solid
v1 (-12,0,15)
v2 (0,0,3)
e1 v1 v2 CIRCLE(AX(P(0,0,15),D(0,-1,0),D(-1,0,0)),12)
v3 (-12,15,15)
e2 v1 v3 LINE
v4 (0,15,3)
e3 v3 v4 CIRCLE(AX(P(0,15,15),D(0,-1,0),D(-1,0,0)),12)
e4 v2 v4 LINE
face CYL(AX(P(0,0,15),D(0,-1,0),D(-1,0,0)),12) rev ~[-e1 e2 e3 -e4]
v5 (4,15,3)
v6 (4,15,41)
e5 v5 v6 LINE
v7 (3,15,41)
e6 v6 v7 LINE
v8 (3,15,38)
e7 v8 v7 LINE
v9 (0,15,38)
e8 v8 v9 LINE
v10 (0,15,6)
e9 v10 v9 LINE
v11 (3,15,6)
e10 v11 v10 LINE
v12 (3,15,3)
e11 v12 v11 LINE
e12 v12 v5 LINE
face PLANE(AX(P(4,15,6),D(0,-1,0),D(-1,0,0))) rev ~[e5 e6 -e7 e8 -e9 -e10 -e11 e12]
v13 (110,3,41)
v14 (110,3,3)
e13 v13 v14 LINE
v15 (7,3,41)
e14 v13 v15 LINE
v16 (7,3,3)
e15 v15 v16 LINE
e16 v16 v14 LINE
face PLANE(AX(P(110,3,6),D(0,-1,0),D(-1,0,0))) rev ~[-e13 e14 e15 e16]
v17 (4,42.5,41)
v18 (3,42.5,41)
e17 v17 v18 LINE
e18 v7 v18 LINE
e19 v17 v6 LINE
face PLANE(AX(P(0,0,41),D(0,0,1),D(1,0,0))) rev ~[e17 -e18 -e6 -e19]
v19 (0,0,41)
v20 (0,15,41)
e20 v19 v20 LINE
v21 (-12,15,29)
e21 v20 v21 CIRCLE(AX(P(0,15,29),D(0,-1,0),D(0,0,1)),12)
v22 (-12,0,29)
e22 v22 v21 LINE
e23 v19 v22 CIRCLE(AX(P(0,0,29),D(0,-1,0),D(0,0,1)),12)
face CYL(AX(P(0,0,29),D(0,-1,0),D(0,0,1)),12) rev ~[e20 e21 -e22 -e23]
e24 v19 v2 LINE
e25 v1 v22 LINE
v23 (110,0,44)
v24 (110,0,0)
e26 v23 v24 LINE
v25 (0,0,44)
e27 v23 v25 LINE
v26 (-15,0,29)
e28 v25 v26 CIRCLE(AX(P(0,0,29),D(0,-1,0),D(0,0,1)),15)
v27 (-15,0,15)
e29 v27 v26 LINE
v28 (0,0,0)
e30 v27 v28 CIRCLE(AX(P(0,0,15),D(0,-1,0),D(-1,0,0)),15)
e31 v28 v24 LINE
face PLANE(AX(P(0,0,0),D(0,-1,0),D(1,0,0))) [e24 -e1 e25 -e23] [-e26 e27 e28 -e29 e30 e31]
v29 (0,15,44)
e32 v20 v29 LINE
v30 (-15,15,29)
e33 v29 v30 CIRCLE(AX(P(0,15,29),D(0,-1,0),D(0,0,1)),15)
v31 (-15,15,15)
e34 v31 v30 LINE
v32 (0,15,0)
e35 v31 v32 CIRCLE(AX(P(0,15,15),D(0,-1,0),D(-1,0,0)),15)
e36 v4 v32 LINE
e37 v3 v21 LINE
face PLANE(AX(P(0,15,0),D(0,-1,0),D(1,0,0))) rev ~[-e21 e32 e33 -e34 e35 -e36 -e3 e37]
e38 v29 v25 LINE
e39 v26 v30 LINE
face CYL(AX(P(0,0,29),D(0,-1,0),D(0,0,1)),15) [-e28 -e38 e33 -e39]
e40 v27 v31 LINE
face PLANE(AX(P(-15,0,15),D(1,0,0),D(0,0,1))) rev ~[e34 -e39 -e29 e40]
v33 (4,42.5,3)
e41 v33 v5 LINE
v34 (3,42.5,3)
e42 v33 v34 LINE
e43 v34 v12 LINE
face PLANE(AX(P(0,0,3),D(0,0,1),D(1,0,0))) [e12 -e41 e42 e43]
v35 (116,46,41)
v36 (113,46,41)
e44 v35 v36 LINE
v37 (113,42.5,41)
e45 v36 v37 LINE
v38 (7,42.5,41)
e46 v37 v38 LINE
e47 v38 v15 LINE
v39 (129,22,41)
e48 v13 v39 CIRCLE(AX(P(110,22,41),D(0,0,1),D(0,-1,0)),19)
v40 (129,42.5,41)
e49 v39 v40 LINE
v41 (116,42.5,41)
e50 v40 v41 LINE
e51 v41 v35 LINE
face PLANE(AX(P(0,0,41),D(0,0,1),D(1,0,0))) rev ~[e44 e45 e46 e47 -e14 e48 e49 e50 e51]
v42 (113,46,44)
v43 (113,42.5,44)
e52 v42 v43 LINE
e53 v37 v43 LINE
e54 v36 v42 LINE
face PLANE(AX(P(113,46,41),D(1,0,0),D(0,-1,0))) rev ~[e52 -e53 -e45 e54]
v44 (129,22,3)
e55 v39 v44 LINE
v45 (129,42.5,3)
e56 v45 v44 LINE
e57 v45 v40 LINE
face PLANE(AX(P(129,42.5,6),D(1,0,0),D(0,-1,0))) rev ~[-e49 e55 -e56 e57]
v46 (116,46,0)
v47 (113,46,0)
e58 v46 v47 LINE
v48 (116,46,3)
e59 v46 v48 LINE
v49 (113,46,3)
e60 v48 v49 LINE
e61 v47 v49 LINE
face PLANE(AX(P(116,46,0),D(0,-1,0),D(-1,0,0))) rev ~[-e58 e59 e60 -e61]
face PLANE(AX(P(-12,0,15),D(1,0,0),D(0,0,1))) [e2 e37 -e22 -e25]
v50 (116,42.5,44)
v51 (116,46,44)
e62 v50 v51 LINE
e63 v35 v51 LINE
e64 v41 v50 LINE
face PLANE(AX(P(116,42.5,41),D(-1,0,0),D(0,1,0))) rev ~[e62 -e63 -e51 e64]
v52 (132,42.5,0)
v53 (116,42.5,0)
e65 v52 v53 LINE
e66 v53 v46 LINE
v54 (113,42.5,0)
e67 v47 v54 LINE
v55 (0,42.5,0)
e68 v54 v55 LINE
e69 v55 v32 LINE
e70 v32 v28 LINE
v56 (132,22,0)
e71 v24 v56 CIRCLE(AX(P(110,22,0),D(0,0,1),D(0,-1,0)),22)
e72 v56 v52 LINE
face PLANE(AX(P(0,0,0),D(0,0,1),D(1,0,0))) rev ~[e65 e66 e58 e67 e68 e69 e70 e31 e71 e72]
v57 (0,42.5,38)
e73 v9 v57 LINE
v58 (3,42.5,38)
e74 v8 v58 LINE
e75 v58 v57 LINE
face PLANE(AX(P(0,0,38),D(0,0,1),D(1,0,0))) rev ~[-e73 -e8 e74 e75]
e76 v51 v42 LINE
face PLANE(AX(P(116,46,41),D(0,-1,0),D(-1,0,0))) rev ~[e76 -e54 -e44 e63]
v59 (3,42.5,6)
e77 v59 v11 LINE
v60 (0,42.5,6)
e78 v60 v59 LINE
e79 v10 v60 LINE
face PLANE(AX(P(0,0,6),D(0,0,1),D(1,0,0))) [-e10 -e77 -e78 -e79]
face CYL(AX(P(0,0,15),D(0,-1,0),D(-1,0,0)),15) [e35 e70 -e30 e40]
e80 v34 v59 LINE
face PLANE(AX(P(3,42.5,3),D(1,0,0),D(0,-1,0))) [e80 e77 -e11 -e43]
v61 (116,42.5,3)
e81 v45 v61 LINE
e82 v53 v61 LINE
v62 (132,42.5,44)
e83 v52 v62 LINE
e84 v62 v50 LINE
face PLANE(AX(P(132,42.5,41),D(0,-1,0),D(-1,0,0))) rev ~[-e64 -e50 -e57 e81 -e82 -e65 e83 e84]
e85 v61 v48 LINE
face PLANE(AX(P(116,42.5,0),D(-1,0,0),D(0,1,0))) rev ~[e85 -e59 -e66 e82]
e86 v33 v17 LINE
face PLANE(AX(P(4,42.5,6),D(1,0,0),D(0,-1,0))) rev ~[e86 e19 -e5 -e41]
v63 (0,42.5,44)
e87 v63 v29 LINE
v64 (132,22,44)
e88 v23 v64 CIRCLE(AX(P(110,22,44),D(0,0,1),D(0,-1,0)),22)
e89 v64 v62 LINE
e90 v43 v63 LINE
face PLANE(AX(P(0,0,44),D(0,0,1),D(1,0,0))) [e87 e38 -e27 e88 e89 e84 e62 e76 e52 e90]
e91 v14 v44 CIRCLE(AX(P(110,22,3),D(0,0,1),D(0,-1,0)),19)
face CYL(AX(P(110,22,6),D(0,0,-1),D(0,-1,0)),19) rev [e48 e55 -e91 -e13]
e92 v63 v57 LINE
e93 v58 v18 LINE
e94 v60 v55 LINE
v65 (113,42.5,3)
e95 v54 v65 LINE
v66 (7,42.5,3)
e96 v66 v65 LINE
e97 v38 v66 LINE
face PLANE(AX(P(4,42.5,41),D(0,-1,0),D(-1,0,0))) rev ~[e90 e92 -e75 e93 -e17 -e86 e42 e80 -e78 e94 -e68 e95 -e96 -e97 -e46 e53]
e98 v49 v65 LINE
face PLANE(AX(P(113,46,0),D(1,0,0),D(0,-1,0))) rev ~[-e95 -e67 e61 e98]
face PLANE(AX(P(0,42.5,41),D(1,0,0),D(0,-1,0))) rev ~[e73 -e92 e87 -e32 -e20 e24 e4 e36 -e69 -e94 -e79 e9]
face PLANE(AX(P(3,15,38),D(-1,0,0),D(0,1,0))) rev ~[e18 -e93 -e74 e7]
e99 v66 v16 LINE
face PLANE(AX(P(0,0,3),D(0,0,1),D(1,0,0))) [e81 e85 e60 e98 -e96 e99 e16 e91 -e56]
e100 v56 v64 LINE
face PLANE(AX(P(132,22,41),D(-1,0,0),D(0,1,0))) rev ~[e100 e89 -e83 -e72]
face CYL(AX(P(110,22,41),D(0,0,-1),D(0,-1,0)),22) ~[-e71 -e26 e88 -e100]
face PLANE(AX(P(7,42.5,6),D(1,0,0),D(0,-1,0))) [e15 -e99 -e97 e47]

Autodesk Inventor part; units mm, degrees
ref_plane "YZ Plane" through (0, 0, 0) normal (1, 0, 0) x (0, 1, 0)
ref_plane "XZ Plane" through (0, 0, 0) normal (0, 1, 0) x (-1, 0, 0)
ref_plane "XY Plane" through (0, 0, 0) normal (0, 0, 1) x (1, 0, 0)
sketch "Sketch1" plane through (0, 0, 0) normal (0, 0, 1) x (1, 0, 0)
  line L0 (0, 0) -> (110, 0)
  line L1 (0, 42.5) -> (0, 0)
  line L2 (132, 42.5) -> (116, 42.5)
  line L3 (116, 42.5) -> (116, 46)
  line L4 (116, 46) -> (113, 46)
  line L5 (113, 46) -> (113, 42.5)
  line L6 (113, 42.5) -> (110, 42.5)
  arc A0 (110, 0) -> (132, 22) centre (110, 22) ccw
  line L7 (110, 22) -> (110, 0) construction
  line L8 (132, 22) -> (132, 42.5)
  line L9 (132, 42.5) -> (116, 42.5)
  line L10 (113, 42.5) -> (0, 42.5)
  dimension "d2" = 16
  dimension "d3" = 3.5
  dimension "thickness" = 3
  dimension "d5" = 3
  dimension "d14" = 110
  dimension "d15" = 22
  dimension "d16" = 22
  dimension "height" = 20.5
  dimension "d18" = 110
  dimension "d19" = 90
  dimension "d20" = 3
extrude "Extrusion1" add sketch "Sketch1" along normal blind 3
sketch "Sketch2" plane through (0, 0, 3) normal (0, 0, 1) x (1, 0, 0)
  line L0 (0, 42.5) -> (3, 42.5)
  line L1 (113, 42.5) -> (0, 42.5) projected
  line L2 (3, 42.5) -> (3, 15)
  line L3 (0, 0) -> (110, 0) projected
  line L4 (4, 42.5) -> (4, 15)
  line L5 (4, 42.5) -> (7, 42.5)
  line L6 (7, 42.5) -> (7, 3)
  line L7 (0, 42.5) -> (0, 0) projected
  line L8 (0, 0) -> (0, 15)
  line L9 (3, 15) -> (4, 15)
  line L10 (0, 42.5) -> (0, 15)
  line L11 (132, 42.5) -> (129, 42.5)
  line L12 (132, 42.5) -> (116, 42.5) projected
  line L13 (129, 42.5) -> (129, 22)
  arc A0 (110, 0) -> (132, 22) centre (110, 22) ccw projected
  line L14 (132, 22) -> (132, 42.5) projected
  line L15 (132, 22) -> (132, 42.5)
  line L16 (7, 0) -> (110, 0)
  line L17 (7, 3) -> (110, 3)
  line L18 (129, 22) -> (129, 22)
  arc A1 (110, 3) -> (129, 22) centre (110, 22) ccw
  arc A2 (110, 0) -> (132, 22) centre (110, 22) ccw
  line L19 (0, 0) -> (7, 0)
  dimension "d27" = 27.5
  dimension "d28" = 3
  dimension "d29" = 3
  dimension "d35" = 3
  dimension "d36" = 3
  dimension "d37" = 3
  dimension "d38" = 20.5
  dimension "d39" = 103
  dimension "d40" = 103
  dimension "d41" = 1
  dimension "d42" = 27.5
  dimension "d43" = 1
extrude "Extrusion2" add sketch "Sketch2" along normal blind 3 contours L0 L2 L9 L4 L1 L6 L17 A1 L13 L11 L14 A0 L3 L7
sketch "Sketch3" plane through (0, 0, 6) normal (0, 0, 1) x (1, 0, 0)
  line L0 (113, 42.5) -> (7, 42.5) projected
  line L1 (4, 42.5) -> (4, 15) projected
  line L2 (7, 42.5) -> (4, 42.5)
  line L3 (4, 42.5) -> (4, 15)
  line L4 (3, 42.5) -> (3, 15) projected
  line L5 (4, 15) -> (3, 15)
  line L6 (3, 15) -> (0, 15)
  line L7 (0, 42.5) -> (0, 0) projected
  line L8 (0, 15) -> (0, 0)
  line L9 (0, 0) -> (7, 0)
  line L10 (0, 0) -> (110, 0) projected
  arc A0 (110, 0) -> (132, 22) centre (110, 22) ccw projected
  line L11 (132, 22) -> (132, 42.5) projected
  line L12 (132, 22) -> (132, 42.5)
  line L13 (132, 42.5) -> (128.8778, 42.5)
  line L14 (132, 42.5) -> (116, 42.5) projected
  line L15 (7, 42.5) -> (7, 3) projected
  line L16 (7, 42.5) -> (7, 3)
  line L17 (110, 3) -> (7, 3) projected
  line L18 (7, 3) -> (110, 3)
  line L19 (129, 42.5) -> (129, 22) projected
  line L20 (129, 42.5) -> (129, 22)
  arc A1 (110, 3) -> (129, 22) centre (110, 22) ccw
  arc A2 (110, 0) -> (132, 22) centre (110, 22) ccw
  line L21 (7, 0) -> (110, 0)
extrude "Extrusion3" add sketch "Sketch3" along normal blind 32
sketch "Sketch5" plane through (0, 0, 38) normal (0, 0, 1) x (1, 0, 0)
  arc A0 (110, 3) -> (129, 22) centre (110, 22) ccw projected
  arc A1 (110, 3) -> (129, 22) centre (110, 22) ccw
  arc A2 (110, 0) -> (132, 22) centre (110, 22) ccw
  line L0 (132, 22) -> (132, 42.5) projected
  line L1 (132, 22) -> (132, 42.5)
  line L2 (132, 42.5) -> (129, 42.5)
  line L3 (129, 22) -> (129, 42.5) projected
  line L4 (129, 42.5) -> (129, 22)
  line L5 (7, 42.5) -> (7, 3) projected
  line L6 (110, 3) -> (7, 3)
  line L7 (7, 3) -> (7, 42.5)
  line L8 (7, 42.5) -> (4, 42.5)
  line L9 (4, 15) -> (0, 15) projected
  line L10 (4, 42.5) -> (4, 15)
  line L11 (3, 15) -> (3, 42.5) projected
  line L12 (4, 15) -> (3, 15)
  line L13 (3, 15) -> (3, 42.5)
  line L14 (113, 42.5) -> (0, 42.5) projected
  line L15 (3, 42.5) -> (0, 42.5)
  line L16 (0, 15) -> (0, 0) projected
  line L17 (0, 42.5) -> (0, 15)
  line L18 (0, 0) -> (110, 0) projected
  line L19 (0, 15) -> (0, 0)
  line L20 (0, 0) -> (110, 0)
  line L21 (3, 42.5) -> (0, 42.5)
  line L22 (0, 42.5) -> (0, 15)
  line L23 (3, 15) -> (3, 42.5)
  line L24 (3, 15) -> (0, 15)
  dimension "d52" = 3
extrude "Extrusion4" add sketch "Sketch5" along normal blind 3 contours A0 L3 L2 L0 A2 L18 L16 L9 L10 L8 L5 L6 | L11 L9 L17 L14
sketch "Sketch6" plane through (0, 0, 41) normal (0, 0, 1) x (1, 0, 0)
  line L0 (132, 22) -> (132, 42.5) projected
  line L1 (129, 22) -> (129, 42.5) projected
  line L2 (132, 42.5) -> (129, 42.5)
  line L3 (132, 22) -> (132, 42.5)
  line L4 (7, 42.5) -> (7, 3) projected
  line L5 (0, 42.5) -> (0, 0) projected
  line L6 (7, 42.5) -> (0, 42.5)
  line L7 (0, 42.5) -> (0, 0)
  line L8 (0, 0) -> (7, 0)
  arc A0 (110, 0) -> (132, 22) centre (110, 22) ccw projected
  line L9 (110, 0) -> (7, 0)
  line L10 (0, 0) -> (110, 0) projected
  arc A1 (110, 0) -> (132, 22) centre (110, 22) ccw
  line L11 (7, 42.5) -> (4, 42.5) projected
  line L12 (132, 42.5) -> (116, 42.5) projected
  line L13 (116, 42.5) -> (116, 46) projected
  line L14 (116, 42.5) -> (116, 46)
  line L15 (116, 46) -> (113, 46) projected
  line L16 (116, 46) -> (113, 46)
  line L17 (113, 46) -> (113, 42.5) projected
  line L18 (113, 46) -> (113, 42.5)
  line L19 (129, 42.5) -> (116, 42.5)
  line L20 (113, 42.5) -> (7, 42.5)
  dimension "d55" = 125
  dimension "d56" = 125
  dimension "d57" = 22
  dimension "d58" = 90
  dimension "d59" = 90
  dimension "d60" = 20.5
  dimension "d61" = 3
extrude "Extrusion5" add sketch "Sketch6" along normal blind 3
sketch "Sketch7" plane through (0, 0, 0) normal (0, -1, 0) x (1, 0, 0)
  line L0 (0, 0) -> (-15, 0)
  line L1 (0, 15) -> (0, 0)
  line L2 (0, 29) -> (0, 44)
  line L3 (-15, 15) -> (-15, 29)
  line L4 (0, 0) -> (-3, 0)
  line L5 (-12, 15) -> (-12, 29)
  line L6 (0, 0) -> (0, 6) projected
  line L7 (0, 0) -> (0, 3)
  line L8 (0, 44) -> (0, 41)
  line L9 (0, 38) -> (0, 44) projected
  arc A0 (0, 41) -> (-12, 29) centre (0, 29) ccw
  line L10 (0, 44) -> (110, 44) projected
  arc A1 (0, 44) -> (-15, 29) centre (0, 29) ccw
  arc A2 (-12, 15) -> (0, 3) centre (0, 15) ccw
  arc A3 (-15, 15) -> (0, 0) centre (0, 15) ccw
  dimension "d73" = 15
  dimension "d74" = 3
  dimension "d75" = 15
extrude "Extrusion6" add sketch "Sketch7" against normal blind 15
equation "\"d5\" = thickness"
equation "\"d20\" = thickness"
equation "\"d21\" = thickness"
equation "\"d28\" = thickness"
equation "\"d29\" = thickness"
equation "\"d35\" = thickness"
equation "\"d36\" = thickness"
equation "\"d37\" = thickness"
equation "\"d38\" = height"
equation "\"d44\" = thickness"
equation "\"d53\" = thickness"
equation "\"d62\" = thickness"
properties part number "boxgeneric"
